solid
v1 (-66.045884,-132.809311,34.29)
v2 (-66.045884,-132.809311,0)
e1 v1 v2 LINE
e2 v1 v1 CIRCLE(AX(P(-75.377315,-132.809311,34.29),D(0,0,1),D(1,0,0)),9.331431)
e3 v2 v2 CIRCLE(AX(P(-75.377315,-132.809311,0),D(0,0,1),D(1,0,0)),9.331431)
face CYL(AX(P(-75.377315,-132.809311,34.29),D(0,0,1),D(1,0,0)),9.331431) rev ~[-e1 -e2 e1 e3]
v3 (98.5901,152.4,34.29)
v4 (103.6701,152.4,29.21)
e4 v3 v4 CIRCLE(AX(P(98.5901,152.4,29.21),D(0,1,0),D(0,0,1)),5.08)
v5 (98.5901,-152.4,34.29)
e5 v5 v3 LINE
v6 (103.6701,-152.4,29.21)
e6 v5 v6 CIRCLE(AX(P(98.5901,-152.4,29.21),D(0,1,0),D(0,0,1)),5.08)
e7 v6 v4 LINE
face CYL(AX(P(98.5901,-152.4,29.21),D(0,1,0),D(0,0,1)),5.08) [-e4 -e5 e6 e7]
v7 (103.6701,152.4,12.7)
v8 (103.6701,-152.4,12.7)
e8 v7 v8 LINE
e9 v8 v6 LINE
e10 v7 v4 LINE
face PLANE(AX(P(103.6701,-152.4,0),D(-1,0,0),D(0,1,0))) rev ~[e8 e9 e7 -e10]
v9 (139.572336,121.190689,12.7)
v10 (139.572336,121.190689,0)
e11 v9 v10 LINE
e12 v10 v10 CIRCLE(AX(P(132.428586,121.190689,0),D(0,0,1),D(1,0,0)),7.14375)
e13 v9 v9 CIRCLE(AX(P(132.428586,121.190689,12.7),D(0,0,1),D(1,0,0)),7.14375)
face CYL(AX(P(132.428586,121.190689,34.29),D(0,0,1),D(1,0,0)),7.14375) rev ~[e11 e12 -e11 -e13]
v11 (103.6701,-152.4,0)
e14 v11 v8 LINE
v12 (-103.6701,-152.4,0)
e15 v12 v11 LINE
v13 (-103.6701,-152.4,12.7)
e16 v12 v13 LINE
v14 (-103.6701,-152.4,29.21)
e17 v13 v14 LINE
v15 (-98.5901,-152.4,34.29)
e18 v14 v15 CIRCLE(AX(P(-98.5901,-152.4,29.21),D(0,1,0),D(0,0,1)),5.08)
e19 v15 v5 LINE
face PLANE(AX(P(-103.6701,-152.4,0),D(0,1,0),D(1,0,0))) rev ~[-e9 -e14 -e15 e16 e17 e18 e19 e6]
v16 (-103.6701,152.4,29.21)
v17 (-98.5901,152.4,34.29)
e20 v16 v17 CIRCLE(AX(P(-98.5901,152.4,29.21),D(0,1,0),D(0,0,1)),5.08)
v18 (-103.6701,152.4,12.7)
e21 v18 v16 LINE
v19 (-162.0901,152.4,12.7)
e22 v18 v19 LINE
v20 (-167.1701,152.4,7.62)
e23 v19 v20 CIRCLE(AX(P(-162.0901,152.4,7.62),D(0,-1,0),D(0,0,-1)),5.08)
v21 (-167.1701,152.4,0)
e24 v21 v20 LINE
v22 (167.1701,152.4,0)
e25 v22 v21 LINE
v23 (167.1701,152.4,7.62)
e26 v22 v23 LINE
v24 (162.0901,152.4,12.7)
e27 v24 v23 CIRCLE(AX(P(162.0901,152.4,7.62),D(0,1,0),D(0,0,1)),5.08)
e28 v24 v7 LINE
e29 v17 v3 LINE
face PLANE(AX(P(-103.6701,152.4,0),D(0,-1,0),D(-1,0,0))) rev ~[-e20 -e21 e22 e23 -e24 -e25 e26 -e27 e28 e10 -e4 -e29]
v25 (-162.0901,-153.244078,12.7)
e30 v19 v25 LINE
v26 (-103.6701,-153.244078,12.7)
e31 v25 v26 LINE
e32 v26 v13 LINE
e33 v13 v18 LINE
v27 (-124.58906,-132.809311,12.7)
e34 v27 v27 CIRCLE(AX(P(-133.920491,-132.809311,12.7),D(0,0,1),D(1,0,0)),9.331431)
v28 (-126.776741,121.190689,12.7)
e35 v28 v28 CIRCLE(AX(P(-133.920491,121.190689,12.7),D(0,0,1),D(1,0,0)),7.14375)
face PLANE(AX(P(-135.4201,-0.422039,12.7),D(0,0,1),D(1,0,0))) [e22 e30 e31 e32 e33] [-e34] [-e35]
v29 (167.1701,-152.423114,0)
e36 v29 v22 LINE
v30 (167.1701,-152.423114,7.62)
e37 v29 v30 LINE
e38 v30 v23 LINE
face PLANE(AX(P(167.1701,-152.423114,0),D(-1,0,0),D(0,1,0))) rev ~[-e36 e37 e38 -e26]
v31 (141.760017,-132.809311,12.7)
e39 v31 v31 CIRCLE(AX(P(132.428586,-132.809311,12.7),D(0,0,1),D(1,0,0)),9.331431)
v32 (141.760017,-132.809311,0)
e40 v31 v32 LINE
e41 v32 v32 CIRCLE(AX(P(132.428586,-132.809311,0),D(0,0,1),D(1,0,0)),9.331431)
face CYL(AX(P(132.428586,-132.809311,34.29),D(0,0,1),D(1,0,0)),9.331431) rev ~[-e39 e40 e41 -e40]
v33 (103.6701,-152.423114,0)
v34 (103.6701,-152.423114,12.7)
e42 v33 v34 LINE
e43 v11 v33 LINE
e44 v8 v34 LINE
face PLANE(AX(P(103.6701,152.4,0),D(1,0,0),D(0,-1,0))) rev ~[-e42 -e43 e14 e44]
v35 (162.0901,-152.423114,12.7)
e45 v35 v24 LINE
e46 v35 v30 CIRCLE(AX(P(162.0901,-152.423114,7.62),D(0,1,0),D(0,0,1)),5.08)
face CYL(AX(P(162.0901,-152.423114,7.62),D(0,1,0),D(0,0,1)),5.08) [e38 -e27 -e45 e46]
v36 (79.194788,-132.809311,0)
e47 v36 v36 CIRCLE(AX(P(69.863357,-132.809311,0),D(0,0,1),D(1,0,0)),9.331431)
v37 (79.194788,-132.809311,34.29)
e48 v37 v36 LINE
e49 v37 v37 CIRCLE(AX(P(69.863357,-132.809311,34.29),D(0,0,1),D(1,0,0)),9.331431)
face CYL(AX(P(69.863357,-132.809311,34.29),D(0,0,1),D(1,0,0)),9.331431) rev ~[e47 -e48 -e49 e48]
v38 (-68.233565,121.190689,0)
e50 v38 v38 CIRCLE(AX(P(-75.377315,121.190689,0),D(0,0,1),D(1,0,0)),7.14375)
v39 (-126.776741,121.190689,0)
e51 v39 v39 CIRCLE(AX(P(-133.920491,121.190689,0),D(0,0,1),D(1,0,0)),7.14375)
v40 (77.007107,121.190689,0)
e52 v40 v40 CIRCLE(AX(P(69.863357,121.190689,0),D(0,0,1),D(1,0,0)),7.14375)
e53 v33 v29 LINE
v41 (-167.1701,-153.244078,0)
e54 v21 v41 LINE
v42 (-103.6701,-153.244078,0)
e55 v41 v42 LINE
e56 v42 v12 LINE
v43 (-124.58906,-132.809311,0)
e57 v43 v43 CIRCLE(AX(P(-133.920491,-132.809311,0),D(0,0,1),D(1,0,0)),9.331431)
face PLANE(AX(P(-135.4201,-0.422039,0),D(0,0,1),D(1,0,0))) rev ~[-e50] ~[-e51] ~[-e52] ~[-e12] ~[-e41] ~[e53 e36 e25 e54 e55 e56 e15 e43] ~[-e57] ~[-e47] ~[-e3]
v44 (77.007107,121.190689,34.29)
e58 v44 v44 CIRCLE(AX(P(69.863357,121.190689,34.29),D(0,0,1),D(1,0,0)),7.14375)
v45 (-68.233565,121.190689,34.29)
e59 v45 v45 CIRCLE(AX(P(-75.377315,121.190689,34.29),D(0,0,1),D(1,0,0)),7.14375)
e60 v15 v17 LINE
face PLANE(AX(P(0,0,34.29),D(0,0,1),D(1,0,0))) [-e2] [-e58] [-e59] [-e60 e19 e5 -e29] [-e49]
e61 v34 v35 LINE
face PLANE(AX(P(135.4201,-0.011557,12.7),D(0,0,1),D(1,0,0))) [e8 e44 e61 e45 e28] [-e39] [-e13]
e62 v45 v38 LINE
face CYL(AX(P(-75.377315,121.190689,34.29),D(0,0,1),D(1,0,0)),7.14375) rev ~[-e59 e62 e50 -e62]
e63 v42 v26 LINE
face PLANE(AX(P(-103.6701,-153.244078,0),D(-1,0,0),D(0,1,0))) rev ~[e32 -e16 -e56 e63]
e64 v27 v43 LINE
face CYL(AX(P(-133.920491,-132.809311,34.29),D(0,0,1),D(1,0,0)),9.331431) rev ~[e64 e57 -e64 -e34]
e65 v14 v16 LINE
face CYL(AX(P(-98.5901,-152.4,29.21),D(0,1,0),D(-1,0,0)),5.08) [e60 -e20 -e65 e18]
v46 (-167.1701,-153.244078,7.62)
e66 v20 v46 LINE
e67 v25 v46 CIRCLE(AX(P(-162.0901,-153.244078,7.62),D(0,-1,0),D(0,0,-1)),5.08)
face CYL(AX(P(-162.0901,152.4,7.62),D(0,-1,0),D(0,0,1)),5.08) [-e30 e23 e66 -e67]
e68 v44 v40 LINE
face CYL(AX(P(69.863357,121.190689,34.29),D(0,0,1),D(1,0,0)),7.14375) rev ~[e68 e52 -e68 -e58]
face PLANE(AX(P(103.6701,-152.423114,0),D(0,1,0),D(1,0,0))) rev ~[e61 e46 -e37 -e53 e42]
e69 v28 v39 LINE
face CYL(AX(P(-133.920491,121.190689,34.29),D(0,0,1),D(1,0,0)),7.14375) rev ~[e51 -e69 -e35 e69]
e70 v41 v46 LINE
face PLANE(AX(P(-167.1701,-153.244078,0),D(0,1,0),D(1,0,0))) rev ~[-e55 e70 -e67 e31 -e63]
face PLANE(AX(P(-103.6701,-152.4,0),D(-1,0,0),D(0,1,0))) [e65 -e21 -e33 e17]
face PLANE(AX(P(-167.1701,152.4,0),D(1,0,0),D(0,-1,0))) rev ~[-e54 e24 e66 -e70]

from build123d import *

# Parameters (mm, degrees)
F0_W     = 207.3402
F0_H     = 304.8
F1_DEPTH = 34.29
F2_DEPTH = 12.7
F3_R     = 5.08
F4_R     = 7.14375
F4_R_2   = 9.331431
F5_DEPTH = 34.291


with BuildPart() as f1:
    # F0 (on Top) → F1 (new body)
    with BuildSketch(Plane.XY):
        Rectangle(F0_W, F0_H)
    extrude(amount=F1_DEPTH)

    # F0 (on Top) → F2 (join)
    with BuildSketch(Plane.XY):
        Polygon((-103.6701, -152.4), (-103.6701, 152.4), (-167.1701, 152.4), (-167.1701, -153.244078), (-103.6701, -153.244078), align=None)
        Polygon((167.1701, 152.4), (103.6701, 152.4), (103.6701, -152.4), (103.6701, -152.423114), (167.1701, -152.423114), align=None)
    extrude(amount=F2_DEPTH)

    # F3
    f3_edges = [f1.edges().sort_by_distance(p)[0] for p in [
        (-167.1701, -0.422039, 12.7),
        (-103.6701, 0, 34.29),
        (103.6701, 0, 34.29),
        (167.1701, -0.011557, 12.7),
    ]]
    fillet(f3_edges, radius=F3_R)

    # F4 (on face) → F5 (cut, through all)
    with BuildSketch(Plane.XY.offset(34.29)):
        with Locations((-133.920491, 121.190689)):
            Circle(F4_R)
        with Locations((-75.377315, 121.190689)):
            Circle(F4_R)
        with Locations((69.863357, 121.190689)):
            Circle(F4_R)
        with Locations((132.428586, 121.190689)):
            Circle(F4_R)
        with Locations((132.428586, -132.809311)):
            Circle(F4_R_2)
        with Locations((69.863357, -132.809311)):
            Circle(F4_R_2)
        with Locations((-75.377315, -132.809311)):
            Circle(F4_R_2)
        with Locations((-133.920491, -132.809311)):
            Circle(F4_R_2)
    extrude(amount=-F5_DEPTH, mode=Mode.SUBTRACT)


solid = f1.part
